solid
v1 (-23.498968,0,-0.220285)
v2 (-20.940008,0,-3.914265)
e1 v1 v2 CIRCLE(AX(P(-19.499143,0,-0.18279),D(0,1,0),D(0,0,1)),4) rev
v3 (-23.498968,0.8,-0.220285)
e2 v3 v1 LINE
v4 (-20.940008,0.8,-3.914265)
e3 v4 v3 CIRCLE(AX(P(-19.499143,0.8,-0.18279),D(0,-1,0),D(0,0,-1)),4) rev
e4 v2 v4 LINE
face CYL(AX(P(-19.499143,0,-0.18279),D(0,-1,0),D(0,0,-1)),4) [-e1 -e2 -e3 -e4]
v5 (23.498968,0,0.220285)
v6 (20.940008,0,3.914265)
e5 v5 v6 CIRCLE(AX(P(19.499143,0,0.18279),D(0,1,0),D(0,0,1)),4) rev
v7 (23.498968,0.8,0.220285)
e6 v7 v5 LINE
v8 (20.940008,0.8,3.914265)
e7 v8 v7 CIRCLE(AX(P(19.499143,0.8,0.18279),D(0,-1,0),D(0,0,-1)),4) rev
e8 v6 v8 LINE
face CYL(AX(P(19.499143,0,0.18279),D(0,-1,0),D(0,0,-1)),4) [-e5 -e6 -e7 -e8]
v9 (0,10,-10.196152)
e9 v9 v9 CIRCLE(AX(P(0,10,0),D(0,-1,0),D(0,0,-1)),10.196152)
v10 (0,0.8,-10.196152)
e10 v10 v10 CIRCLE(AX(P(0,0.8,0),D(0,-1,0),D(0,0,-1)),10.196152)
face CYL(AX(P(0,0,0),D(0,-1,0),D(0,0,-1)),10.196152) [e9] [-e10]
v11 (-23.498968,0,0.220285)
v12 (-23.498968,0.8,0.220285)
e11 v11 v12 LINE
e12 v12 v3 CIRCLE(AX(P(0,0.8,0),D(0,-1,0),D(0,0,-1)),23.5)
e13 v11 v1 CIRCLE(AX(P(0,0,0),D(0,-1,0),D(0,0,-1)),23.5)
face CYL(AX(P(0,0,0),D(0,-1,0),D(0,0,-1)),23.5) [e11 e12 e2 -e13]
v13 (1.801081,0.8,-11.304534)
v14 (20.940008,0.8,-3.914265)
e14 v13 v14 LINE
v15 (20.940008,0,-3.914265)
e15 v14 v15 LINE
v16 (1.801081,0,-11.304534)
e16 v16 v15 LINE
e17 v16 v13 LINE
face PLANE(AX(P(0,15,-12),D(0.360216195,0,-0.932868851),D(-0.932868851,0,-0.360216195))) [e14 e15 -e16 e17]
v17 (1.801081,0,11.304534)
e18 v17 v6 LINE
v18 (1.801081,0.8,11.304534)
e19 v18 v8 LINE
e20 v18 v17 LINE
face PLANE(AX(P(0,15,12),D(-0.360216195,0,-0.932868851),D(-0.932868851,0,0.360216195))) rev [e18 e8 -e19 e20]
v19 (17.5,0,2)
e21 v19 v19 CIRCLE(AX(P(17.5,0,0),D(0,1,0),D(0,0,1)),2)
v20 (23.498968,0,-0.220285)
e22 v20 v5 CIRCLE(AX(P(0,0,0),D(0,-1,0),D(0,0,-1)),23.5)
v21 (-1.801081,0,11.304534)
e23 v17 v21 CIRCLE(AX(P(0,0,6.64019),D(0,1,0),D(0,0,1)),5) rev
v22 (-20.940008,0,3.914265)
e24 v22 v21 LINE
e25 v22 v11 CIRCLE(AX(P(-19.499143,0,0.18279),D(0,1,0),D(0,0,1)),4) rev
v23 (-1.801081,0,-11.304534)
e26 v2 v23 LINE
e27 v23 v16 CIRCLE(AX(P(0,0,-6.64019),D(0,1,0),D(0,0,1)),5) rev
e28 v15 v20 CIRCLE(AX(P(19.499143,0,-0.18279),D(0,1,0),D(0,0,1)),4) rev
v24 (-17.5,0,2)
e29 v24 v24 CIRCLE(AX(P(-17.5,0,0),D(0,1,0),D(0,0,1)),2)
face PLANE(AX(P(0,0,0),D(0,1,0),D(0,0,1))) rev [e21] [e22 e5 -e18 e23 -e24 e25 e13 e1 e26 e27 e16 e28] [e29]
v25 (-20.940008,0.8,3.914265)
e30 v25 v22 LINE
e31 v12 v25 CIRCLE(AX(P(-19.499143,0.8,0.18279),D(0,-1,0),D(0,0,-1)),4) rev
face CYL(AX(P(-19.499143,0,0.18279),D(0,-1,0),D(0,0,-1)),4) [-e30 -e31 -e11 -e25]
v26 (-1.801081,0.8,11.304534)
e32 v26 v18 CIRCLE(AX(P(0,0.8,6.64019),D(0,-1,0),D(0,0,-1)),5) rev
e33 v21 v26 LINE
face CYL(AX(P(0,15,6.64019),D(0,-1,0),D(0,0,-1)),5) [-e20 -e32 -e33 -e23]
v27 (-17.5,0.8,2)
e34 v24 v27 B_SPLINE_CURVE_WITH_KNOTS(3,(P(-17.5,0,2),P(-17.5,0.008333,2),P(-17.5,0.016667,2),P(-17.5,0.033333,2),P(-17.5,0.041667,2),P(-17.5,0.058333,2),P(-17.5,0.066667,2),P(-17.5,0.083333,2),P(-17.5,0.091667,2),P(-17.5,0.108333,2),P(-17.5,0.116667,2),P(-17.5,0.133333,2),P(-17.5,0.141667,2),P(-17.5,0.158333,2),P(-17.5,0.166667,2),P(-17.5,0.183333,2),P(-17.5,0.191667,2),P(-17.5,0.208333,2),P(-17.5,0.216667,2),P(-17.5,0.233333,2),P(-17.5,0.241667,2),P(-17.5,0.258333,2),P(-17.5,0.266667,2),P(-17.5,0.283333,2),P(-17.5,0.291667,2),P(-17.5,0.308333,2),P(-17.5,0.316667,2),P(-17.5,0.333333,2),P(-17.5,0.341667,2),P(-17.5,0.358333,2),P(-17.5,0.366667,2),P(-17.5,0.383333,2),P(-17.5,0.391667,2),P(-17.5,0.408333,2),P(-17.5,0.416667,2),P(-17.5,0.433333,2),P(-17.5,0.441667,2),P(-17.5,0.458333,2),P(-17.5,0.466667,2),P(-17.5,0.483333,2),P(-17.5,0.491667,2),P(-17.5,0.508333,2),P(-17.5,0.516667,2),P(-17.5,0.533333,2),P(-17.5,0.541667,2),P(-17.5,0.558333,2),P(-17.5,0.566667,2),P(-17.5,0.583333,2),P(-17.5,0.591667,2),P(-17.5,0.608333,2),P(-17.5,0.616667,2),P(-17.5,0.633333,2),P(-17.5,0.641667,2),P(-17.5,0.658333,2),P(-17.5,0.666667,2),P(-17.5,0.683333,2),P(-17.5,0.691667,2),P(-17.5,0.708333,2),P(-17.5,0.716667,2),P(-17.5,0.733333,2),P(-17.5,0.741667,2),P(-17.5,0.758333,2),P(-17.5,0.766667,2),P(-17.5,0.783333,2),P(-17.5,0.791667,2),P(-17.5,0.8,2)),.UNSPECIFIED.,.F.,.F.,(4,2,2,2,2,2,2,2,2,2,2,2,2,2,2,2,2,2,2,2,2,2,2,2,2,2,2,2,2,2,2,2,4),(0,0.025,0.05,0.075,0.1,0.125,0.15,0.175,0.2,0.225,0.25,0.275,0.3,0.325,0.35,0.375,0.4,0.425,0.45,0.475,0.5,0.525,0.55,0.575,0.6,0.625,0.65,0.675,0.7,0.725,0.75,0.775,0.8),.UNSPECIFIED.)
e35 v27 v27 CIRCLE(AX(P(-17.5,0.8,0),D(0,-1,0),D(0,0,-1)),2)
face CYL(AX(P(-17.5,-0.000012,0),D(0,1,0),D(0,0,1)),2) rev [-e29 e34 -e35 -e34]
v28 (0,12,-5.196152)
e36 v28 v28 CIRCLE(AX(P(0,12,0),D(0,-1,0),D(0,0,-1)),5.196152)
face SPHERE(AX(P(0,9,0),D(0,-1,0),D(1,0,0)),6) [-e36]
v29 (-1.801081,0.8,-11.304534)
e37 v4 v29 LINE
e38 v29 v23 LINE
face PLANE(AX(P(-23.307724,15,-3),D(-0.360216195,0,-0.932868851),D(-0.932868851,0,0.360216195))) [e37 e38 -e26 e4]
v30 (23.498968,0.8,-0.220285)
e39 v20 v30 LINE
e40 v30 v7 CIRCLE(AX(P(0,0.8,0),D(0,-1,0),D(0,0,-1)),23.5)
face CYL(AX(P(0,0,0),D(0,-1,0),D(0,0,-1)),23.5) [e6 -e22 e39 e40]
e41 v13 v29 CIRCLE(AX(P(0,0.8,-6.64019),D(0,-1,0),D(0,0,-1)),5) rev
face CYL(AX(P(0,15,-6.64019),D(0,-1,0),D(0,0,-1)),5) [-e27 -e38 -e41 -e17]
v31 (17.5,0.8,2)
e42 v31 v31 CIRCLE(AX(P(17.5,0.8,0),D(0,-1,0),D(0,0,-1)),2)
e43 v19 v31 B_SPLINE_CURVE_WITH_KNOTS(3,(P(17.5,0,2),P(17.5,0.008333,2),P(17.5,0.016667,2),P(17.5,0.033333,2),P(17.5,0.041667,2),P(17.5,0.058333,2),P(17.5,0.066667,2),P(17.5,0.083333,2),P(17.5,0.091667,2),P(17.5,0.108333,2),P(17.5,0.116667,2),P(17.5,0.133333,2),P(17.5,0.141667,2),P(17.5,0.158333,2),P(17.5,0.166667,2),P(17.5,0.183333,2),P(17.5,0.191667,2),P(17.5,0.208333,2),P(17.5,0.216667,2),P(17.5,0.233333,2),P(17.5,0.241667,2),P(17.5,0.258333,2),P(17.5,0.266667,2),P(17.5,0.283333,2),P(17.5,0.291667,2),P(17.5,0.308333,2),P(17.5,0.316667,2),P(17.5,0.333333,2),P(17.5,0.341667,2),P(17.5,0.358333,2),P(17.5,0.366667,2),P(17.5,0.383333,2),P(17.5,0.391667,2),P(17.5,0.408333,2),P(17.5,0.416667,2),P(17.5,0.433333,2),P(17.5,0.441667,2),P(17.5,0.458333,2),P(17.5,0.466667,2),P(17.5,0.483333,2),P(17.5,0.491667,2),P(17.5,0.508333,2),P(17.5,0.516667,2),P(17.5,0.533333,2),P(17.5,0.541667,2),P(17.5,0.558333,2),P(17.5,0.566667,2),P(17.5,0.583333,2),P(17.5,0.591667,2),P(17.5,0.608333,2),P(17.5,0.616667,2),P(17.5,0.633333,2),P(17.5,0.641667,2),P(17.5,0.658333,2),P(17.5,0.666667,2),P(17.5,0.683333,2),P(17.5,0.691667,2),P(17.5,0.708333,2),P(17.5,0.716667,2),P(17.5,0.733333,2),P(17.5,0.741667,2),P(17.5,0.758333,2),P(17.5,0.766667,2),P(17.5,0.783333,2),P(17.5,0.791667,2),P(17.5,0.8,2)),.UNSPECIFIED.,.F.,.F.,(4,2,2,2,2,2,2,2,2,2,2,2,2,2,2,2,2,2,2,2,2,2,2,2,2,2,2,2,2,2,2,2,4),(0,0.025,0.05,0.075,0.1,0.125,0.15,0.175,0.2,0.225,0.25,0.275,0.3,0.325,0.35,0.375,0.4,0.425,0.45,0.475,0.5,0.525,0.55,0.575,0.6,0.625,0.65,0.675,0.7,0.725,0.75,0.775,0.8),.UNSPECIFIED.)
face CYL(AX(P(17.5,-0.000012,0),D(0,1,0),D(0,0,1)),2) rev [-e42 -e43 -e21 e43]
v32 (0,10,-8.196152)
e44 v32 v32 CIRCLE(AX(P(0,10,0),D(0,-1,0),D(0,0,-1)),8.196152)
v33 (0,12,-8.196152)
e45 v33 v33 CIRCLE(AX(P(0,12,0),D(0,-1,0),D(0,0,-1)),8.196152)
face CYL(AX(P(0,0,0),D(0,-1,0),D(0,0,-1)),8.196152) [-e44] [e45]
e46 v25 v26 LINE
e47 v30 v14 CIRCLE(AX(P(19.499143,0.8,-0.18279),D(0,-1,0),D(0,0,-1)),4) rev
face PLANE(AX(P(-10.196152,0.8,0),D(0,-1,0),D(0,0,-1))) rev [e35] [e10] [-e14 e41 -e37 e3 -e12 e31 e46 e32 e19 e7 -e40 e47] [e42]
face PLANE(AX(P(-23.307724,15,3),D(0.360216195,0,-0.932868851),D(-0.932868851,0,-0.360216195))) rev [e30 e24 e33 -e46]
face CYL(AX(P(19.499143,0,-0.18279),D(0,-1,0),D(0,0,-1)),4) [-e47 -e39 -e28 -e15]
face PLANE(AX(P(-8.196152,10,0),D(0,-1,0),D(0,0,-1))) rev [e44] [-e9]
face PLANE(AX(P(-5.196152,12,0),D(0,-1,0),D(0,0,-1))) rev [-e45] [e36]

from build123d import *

# Parameters (mm, degrees)
CUT_EXTRUDE3_DEPTH      = 37.462309307
CUT_EXTRUDE3_DEPTH_BACK = 37.462309307
SKETCH2_R               = 2
CUT_EXTRUDE4_DEPTH      = 37.462309307
FILLET1_R               = 4
FILLET2_R               = 5


with BuildPart() as part:
    # Sketch1 → Revolve1 (revolve)
    with BuildSketch(Plane.XY, mode=Mode.PRIVATE) as revolve1_sk:
        with BuildLine():
            Line((-5.196152423, 12), (-8.196152423, 12))
            Line((-8.196152423, 12), (-8.196152423, 10))
            Line((-8.196152423, 10), (-10.196152423, 10))
            Line((-10.196152423, 10), (-10.196152423, 0.8))
            Line((-10.196152423, 0.8), (-23.5, 0.8))
            Line((-23.5, 0.8), (-23.5, 0))
            Line((-23.5, 0), (0, 0))
            Line((0, 0), (0, 15))
            ThreePointArc((0, 15), (-3, 14.196152423), (-5.196152423, 12))
        make_face()
    revolve(revolve1_sk.sketch.rotate(Axis((0, 0, 0), (0, 1, 0)), 270), axis=Axis((0, 0, 0), (0, 1, 0)))

    # Sketch2 → Cut-Extrude3 (cut, two sides: drawn at the far end of the back side and taken through both)
    with BuildSketch(Plane(origin=(0, 0, 0), x_dir=(1, 0, 0), z_dir=(0, 1, 0)).offset(-CUT_EXTRUDE3_DEPTH_BACK)):
        with Locations(Location((-17.5, 0, 0), (0, 0, 270))):
            Circle(SKETCH2_R)
        with Locations(Location((17.5, 0, 0), (0, 0, 270))):
            Circle(SKETCH2_R)
    extrude(amount=CUT_EXTRUDE3_DEPTH + CUT_EXTRUDE3_DEPTH_BACK, mode=Mode.SUBTRACT)

    # Sketch3 → Cut-Extrude4 (cut, through all)
    with BuildSketch(Plane(origin=(0, 0, 0), x_dir=(1, 0, 0), z_dir=(0, 1, 0))):
        with BuildLine():
            Line((-23.307724042, 3), (0, 12))
            Line((0, 12), (23.307724042, 3))
            ThreePointArc((23.307724042, 3), (0, 23.5), (-23.307724042, 3))
        make_face()
        with BuildLine():
            Line((0, -12), (23.307724042, -3))
            ThreePointArc((23.307724042, -3), (0, -23.5), (-23.307724042, -3))
            Line((-23.307724042, -3), (0, -12))
        make_face()
    extrude(amount=CUT_EXTRUDE4_DEPTH, mode=Mode.SUBTRACT)

    # Fillet1
    fillet1_edges = [part.edges().sort_by_distance(p)[0] for p in [
        (23.307724042, 0.4, -3),
        (-23.307724042, 0.4, -3),
        (-23.307724042, 0.4, 3),
        (23.307724042, 0.4, 3),
    ]]
    fillet(fillet1_edges, radius=FILLET1_R)

    # Fillet2
    fillet2_edges = [part.edges().sort_by_distance(p)[0] for p in [
        (0, 0.4, -12),
        (0, 0.4, 12),
    ]]
    fillet(fillet2_edges, radius=FILLET2_R)


solid = part.part
